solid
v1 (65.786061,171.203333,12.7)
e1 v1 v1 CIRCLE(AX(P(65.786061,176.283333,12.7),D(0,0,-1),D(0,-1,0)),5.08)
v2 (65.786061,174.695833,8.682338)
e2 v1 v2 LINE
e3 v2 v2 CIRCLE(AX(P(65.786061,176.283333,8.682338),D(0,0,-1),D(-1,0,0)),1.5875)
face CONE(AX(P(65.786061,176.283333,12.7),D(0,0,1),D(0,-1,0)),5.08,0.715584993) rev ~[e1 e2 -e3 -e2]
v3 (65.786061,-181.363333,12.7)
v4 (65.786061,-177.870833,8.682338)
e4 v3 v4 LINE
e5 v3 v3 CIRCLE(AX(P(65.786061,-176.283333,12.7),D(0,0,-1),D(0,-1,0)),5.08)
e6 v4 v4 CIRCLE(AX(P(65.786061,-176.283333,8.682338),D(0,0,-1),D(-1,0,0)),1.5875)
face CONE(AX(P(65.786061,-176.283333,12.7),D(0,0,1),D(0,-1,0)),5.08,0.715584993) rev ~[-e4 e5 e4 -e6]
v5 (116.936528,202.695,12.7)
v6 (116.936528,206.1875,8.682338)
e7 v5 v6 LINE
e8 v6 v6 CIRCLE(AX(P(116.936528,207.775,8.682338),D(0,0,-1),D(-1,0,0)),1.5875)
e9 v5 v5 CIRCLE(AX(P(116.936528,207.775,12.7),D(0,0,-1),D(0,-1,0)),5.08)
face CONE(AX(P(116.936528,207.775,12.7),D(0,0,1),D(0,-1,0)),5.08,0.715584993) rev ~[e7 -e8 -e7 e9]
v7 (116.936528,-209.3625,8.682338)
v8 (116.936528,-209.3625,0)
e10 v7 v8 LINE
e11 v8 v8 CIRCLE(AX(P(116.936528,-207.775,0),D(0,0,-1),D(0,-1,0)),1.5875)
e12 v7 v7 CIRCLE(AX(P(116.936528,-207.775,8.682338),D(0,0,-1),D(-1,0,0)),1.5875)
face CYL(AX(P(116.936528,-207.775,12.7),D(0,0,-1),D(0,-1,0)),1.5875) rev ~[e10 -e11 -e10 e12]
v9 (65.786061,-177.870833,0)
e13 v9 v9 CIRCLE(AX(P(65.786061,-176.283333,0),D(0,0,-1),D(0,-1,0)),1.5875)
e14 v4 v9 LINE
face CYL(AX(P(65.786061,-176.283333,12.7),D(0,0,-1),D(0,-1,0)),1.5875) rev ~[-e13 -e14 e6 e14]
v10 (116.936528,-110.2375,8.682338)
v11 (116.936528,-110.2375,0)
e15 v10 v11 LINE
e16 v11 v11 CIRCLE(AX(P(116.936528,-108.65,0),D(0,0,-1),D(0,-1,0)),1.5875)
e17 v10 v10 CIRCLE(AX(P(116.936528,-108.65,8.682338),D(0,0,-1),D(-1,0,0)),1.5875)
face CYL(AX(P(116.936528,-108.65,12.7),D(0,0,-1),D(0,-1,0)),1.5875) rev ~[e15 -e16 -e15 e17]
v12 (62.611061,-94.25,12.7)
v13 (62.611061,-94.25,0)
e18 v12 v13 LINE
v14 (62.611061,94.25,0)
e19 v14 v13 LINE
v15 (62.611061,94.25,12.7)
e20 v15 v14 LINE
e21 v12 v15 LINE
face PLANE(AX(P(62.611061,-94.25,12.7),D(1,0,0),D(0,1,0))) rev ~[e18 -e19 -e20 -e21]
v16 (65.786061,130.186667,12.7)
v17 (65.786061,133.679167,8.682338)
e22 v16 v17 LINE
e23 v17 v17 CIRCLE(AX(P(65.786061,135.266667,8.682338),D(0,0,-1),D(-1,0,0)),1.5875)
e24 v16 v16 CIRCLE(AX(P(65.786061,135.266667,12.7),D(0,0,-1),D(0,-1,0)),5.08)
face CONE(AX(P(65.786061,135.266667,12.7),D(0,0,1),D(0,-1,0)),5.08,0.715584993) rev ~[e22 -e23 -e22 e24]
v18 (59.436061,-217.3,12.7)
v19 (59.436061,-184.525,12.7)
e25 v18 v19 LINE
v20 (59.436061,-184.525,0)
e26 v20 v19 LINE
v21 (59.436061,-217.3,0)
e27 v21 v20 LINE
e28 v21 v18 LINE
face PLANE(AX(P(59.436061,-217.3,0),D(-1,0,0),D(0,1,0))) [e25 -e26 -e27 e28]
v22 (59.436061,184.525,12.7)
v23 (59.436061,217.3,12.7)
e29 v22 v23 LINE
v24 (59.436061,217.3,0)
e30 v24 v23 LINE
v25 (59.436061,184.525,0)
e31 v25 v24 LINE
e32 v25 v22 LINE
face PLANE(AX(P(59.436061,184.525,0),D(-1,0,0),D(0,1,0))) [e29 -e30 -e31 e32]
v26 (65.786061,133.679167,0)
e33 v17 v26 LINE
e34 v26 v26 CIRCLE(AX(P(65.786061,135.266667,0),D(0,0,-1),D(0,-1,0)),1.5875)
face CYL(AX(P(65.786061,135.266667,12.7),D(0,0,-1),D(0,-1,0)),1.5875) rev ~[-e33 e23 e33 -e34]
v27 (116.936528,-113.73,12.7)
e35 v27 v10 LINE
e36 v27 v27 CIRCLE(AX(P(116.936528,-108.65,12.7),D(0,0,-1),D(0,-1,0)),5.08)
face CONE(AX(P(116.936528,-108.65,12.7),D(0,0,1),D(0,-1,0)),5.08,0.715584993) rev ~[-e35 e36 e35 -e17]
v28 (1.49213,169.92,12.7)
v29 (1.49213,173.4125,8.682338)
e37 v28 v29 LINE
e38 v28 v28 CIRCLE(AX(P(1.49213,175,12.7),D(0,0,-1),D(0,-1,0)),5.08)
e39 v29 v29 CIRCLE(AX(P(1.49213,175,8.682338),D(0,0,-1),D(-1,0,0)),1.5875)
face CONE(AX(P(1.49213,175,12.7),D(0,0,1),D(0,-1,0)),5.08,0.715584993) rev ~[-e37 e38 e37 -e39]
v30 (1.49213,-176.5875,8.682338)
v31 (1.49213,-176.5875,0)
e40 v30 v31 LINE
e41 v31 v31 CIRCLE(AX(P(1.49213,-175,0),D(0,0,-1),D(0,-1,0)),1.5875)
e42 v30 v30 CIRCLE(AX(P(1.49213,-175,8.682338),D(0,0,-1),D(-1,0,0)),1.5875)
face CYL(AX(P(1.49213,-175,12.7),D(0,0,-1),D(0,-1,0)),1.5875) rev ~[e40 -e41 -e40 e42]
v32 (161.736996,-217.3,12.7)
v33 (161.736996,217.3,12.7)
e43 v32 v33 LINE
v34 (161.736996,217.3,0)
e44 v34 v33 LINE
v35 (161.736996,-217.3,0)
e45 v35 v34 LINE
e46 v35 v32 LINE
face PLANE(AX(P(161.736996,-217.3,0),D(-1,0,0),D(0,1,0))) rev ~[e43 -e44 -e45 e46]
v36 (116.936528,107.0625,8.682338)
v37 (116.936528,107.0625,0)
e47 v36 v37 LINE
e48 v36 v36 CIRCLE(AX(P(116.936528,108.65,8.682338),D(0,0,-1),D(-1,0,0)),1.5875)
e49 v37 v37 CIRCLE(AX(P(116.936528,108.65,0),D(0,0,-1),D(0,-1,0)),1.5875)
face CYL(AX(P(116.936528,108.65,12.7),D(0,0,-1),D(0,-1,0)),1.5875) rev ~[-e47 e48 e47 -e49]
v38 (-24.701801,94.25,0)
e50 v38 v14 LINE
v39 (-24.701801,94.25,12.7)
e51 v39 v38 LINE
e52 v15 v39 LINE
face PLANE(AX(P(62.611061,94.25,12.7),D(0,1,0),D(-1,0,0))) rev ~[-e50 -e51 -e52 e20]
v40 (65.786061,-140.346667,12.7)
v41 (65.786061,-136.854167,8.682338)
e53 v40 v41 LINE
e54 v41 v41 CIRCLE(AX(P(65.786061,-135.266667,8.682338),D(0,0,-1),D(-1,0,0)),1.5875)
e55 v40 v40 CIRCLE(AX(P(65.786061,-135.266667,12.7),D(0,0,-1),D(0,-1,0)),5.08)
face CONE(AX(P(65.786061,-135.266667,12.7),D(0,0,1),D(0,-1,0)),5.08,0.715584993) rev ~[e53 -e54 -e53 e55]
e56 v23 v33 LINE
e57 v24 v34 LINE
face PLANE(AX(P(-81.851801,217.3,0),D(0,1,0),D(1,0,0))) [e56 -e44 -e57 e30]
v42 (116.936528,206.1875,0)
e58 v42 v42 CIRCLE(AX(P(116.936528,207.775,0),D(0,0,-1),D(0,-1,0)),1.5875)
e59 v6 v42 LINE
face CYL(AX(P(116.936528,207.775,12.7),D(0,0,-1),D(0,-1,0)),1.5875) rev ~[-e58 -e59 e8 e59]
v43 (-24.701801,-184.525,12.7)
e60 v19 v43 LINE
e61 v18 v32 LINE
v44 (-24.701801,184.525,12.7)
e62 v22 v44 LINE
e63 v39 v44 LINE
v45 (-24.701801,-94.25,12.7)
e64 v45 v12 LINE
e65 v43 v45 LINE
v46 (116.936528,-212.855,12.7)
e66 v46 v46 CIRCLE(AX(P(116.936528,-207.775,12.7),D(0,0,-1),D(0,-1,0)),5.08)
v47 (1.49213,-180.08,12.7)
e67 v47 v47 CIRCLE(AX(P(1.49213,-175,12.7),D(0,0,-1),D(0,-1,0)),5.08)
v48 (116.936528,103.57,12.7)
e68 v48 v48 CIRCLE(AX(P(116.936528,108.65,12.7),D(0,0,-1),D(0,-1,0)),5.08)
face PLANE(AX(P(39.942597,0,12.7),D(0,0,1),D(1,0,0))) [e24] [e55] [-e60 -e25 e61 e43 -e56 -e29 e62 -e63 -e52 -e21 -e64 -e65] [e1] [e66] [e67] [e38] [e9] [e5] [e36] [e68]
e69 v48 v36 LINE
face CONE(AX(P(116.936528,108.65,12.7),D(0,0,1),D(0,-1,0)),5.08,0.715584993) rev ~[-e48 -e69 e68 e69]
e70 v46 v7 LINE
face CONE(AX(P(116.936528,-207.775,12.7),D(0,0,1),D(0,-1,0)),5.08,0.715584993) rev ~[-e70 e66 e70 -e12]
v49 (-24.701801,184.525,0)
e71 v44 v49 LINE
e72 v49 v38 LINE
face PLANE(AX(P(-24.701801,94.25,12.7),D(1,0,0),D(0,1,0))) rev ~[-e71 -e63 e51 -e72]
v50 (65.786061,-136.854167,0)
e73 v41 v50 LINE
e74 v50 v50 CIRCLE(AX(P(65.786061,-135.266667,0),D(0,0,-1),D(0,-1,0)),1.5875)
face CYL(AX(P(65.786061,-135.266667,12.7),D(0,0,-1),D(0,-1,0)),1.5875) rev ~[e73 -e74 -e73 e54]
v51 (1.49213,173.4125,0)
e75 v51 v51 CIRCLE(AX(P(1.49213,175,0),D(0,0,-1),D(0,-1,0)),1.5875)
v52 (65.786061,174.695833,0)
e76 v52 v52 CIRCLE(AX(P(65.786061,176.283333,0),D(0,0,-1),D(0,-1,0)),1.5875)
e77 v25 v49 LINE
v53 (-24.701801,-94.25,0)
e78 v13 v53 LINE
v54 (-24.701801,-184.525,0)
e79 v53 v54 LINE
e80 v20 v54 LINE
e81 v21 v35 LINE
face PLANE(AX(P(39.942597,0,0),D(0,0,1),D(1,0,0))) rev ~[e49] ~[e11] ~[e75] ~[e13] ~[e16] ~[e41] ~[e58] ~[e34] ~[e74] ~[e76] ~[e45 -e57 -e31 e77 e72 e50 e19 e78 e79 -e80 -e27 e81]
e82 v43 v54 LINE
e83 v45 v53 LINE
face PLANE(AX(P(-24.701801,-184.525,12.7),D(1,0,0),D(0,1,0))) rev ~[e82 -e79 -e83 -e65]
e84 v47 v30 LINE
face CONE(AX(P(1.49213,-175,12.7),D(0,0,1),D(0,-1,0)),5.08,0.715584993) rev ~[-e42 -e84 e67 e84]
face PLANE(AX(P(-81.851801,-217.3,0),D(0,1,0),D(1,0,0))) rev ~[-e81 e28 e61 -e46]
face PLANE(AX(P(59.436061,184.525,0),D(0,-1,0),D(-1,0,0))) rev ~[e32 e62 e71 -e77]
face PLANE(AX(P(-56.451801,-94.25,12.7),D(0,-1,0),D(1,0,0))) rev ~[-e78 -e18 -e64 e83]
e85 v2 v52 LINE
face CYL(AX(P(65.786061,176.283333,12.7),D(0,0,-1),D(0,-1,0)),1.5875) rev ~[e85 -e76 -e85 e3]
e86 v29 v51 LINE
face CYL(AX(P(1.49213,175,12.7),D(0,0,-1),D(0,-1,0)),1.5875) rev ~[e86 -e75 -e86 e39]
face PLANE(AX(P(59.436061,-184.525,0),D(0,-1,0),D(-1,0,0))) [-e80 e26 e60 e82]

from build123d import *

# Parameters (mm, degrees)
SKETCH1_W           = 243.588796282
SKETCH1_H           = 434.599999988
BOSS_EXTRUDE1_DEPTH = 12.7
CUT_EXTRUDE1_REACH  = 273.182
SKETCH2_W           = 141.287862113
SKETCH2_H           = 32.775
CUT_EXTRUDE2_REACH  = 273.182
HOLE1_D             = 3.175
HOLE1_DEPTH         = 38.1
HOLE1_CSINK_D       = 10.16
HOLE1_CSINK_ANGLE   = 82
HOLE1_TIP           = 0.953866233
CUT_EXTRUDE3_REACH  = 273.182
SKETCH6_W           = 31.75
SKETCH6_H           = 90.274999997


with BuildPart() as part:
    # Sketch1 → Boss-Extrude1 (new body)
    with BuildSketch(Plane.XY):
        with Locations((39.942597436, 0)):
            Rectangle(SKETCH1_W, SKETCH1_H)
    extrude(amount=BOSS_EXTRUDE1_DEPTH)

    # Sketch2 → Cut-Extrude1 (cut, up to next)
    with BuildSketch(Plane(origin=(0, 0, 0), x_dir=(-1, 0, 0), z_dir=(0, 0, -1)), mode=Mode.PRIVATE) as cut_extrude1_sk1:
        with Locations((11.207869649, 200.912499994)):
            Rectangle(SKETCH2_W, SKETCH2_H)
    cut_extrude1_tool1 = extrude(cut_extrude1_sk1.sketch, amount=-CUT_EXTRUDE1_REACH, mode=Mode.PRIVATE) & part.part
    # Sketch2 → Cut-Extrude1 (cut, up to next)
    with BuildSketch(Plane(origin=(0, 0, 0), x_dir=(-1, 0, 0), z_dir=(0, 0, -1)), mode=Mode.PRIVATE) as cut_extrude1_sk2:
        with Locations((11.207869649, -200.912499994)):
            Rectangle(SKETCH2_W, SKETCH2_H)
    cut_extrude1_tool2 = extrude(cut_extrude1_sk2.sketch, amount=-CUT_EXTRUDE1_REACH, mode=Mode.PRIVATE) & part.part
    add(cut_extrude1_tool1.solids().sort_by_distance((-11.20787, 200.9125, 0))[0], mode=Mode.SUBTRACT)
    add(cut_extrude1_tool2.solids().sort_by_distance((-11.20787, -200.9125, 0))[0], mode=Mode.SUBTRACT)

    # Sketch3 → Cut-Extrude2 (cut, up to next)
    with BuildSketch(Plane.XY.offset(12.7), mode=Mode.PRIVATE) as cut_extrude2_sk1:
        Polygon((62.611061408, 94.249999997), (-56.451800705, 94.249999997), (-56.451800705, 184.524999994), (-81.851800705, 184.524999994), (-81.851800705, 94.249999997), (-85.026800705, 94.249999997), (-85.026800705, -94.249999997), (-81.851800705, -94.249999997), (-81.851800705, -184.524999994), (-56.451800705, -184.524999994), (-56.451800705, -94.249999997), (62.611061408, -94.249999997), align=None)
    cut_extrude2_tool1 = extrude(cut_extrude2_sk1.sketch, amount=-CUT_EXTRUDE2_REACH, mode=Mode.PRIVATE) & part.part
    add(cut_extrude2_tool1.solids().sort_by_distance((-19.405412, 0, 12.7))[0], mode=Mode.SUBTRACT)

    # Hole1
    with Locations(Plane(origin=(449.828463103, 0, 12.7), x_dir=(0, 1, 0), z_dir=(0, 0, 1))):
        with Locations((-108.649999997, 332.89193461), (108.649999997, 332.89193461), (207.774999994, 332.89193461), (174.999999994, 448.336332751), (135.266666663, 384.042401694), (176.283333328, 384.042401694), (-174.999999994, 448.336332751), (-135.266666663, 384.042401694), (-176.283333328, 384.042401694), (-207.774999994, 332.89193461)):
            CounterSinkHole(HOLE1_D / 2, HOLE1_CSINK_D / 2, depth=HOLE1_DEPTH, counter_sink_angle=HOLE1_CSINK_ANGLE)
            with Locations((0, 0, -(HOLE1_DEPTH + HOLE1_TIP / 2))):  # 118° drill point
                Cone(0, HOLE1_D / 2, HOLE1_TIP, mode=Mode.SUBTRACT)

    # Sketch6 → Cut-Extrude3 (cut, up to next)
    with BuildSketch(Plane.XY.offset(12.7), mode=Mode.PRIVATE) as cut_extrude3_sk1:
        with Locations((-40.576800705, 139.387499996)):
            Rectangle(SKETCH6_W, SKETCH6_H)
    cut_extrude3_tool1 = extrude(cut_extrude3_sk1.sketch, amount=-CUT_EXTRUDE3_REACH, mode=Mode.PRIVATE) & part.part
    # Sketch6 → Cut-Extrude3 (cut, up to next)
    with BuildSketch(Plane.XY.offset(12.7), mode=Mode.PRIVATE) as cut_extrude3_sk2:
        with Locations((-40.576800705, -139.387499996)):
            Rectangle(SKETCH6_W, SKETCH6_H)
    cut_extrude3_tool2 = extrude(cut_extrude3_sk2.sketch, amount=-CUT_EXTRUDE3_REACH, mode=Mode.PRIVATE) & part.part
    add(cut_extrude3_tool1.solids().sort_by_distance((-40.576801, 139.3875, 12.7))[0], mode=Mode.SUBTRACT)
    add(cut_extrude3_tool2.solids().sort_by_distance((-40.576801, -139.3875, 12.7))[0], mode=Mode.SUBTRACT)


solid = part.part
